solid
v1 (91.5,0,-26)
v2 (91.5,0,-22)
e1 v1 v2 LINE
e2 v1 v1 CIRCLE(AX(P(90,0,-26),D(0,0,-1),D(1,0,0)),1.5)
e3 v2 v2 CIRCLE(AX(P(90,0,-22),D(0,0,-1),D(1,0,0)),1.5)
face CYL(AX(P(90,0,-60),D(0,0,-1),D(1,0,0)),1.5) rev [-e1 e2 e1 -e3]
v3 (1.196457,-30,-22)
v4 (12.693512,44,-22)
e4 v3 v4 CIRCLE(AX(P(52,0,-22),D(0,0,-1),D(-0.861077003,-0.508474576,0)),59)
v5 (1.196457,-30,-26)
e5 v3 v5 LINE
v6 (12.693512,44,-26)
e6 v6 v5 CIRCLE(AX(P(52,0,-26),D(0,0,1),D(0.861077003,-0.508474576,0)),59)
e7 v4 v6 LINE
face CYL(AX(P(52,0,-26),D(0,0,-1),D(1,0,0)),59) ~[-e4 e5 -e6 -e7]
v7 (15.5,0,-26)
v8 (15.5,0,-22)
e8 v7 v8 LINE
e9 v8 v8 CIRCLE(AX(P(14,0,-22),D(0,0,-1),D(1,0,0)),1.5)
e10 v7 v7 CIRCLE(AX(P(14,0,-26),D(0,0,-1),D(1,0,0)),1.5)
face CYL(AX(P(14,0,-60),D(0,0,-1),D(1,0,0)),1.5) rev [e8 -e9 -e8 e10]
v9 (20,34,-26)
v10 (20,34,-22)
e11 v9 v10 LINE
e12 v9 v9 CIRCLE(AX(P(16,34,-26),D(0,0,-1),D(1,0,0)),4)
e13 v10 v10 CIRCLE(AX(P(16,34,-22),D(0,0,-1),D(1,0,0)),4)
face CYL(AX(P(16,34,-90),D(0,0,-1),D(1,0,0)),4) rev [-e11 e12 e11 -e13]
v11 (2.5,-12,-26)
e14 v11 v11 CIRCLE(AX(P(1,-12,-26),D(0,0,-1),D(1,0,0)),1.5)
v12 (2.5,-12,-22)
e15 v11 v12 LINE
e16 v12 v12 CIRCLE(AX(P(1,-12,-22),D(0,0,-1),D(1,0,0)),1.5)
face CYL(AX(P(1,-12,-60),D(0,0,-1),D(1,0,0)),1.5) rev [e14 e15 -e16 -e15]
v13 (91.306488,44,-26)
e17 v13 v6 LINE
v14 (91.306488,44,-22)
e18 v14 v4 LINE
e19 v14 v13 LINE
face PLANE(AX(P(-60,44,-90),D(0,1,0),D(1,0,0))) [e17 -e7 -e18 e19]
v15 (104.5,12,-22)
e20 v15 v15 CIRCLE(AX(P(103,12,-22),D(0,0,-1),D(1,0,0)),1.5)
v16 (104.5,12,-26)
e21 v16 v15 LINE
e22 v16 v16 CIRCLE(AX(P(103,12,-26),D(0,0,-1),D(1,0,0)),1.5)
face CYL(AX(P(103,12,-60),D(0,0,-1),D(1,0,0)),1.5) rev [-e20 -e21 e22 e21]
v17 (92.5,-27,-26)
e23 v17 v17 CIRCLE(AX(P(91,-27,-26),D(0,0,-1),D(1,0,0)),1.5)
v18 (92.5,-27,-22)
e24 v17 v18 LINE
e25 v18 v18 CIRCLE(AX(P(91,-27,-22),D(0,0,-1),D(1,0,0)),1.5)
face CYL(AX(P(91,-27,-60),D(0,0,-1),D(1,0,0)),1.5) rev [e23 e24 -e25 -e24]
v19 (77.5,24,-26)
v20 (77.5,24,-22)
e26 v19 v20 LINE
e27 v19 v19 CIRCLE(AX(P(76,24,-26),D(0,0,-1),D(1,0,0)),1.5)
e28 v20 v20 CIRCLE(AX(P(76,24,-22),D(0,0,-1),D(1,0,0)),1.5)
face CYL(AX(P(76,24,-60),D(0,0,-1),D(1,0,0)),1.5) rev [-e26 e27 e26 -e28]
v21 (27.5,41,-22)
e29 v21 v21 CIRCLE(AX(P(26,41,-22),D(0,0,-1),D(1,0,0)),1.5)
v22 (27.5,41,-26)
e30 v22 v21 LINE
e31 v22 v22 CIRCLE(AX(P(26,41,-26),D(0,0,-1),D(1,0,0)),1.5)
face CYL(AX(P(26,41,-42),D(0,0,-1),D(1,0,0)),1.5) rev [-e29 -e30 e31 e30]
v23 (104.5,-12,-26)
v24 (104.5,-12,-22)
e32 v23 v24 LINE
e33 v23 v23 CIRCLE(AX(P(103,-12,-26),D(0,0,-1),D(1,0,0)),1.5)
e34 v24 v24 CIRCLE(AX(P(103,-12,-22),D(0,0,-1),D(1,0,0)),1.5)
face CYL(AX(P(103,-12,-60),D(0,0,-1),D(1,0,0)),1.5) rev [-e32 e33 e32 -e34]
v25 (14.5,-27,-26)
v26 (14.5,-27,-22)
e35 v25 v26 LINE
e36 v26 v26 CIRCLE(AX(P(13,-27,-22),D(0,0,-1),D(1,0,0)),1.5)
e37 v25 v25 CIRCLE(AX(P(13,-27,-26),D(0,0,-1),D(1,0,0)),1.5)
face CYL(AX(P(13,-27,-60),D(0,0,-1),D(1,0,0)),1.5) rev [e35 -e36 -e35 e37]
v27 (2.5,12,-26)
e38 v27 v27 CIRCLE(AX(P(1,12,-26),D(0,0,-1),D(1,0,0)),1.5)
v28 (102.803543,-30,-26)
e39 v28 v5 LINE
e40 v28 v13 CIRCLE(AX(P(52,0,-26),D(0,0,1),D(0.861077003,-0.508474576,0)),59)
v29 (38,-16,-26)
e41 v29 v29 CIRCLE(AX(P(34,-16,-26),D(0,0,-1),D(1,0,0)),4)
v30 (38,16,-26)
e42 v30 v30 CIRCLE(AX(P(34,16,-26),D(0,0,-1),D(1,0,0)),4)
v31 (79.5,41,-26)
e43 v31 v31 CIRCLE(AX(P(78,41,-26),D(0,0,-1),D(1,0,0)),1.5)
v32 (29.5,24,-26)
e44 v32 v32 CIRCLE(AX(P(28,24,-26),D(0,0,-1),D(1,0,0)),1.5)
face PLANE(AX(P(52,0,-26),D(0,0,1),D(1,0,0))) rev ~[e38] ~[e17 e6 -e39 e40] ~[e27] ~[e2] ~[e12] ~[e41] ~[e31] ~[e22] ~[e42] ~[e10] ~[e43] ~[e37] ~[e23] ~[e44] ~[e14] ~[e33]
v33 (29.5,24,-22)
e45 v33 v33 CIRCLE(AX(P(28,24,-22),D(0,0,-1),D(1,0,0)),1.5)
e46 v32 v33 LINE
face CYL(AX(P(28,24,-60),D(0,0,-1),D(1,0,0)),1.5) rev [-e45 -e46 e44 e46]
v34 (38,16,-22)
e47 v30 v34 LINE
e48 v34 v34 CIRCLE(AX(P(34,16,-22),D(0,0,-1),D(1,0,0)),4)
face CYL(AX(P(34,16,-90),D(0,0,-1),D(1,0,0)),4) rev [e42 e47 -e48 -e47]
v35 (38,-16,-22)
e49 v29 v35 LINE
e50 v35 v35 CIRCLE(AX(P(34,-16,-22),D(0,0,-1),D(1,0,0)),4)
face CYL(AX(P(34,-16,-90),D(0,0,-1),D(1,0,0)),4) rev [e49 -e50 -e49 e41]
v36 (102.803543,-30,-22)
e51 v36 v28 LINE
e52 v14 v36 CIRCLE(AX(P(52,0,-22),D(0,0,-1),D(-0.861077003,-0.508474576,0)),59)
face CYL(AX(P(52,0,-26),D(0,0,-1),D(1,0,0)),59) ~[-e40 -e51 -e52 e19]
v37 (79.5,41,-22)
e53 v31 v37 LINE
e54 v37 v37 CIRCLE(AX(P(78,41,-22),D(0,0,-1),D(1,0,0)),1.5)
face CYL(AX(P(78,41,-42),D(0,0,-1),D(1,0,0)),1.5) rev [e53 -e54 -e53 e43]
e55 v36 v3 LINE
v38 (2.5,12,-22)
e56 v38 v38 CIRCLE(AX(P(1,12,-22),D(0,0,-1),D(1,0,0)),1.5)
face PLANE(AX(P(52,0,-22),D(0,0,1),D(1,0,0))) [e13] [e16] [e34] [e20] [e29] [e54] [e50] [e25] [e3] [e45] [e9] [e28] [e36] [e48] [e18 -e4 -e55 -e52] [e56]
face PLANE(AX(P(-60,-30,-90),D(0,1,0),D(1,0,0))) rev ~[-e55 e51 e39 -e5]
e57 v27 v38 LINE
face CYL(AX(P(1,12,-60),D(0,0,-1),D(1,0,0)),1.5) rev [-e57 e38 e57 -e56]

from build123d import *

# Parameters (mm, degrees)
CYLINDER1528_R     = 1.5
CYLINDER1528_DEPTH = 100
CYLINDER1527_R     = 1.5
CYLINDER1527_DEPTH = 100
CYLINDER1526_R     = 1.5
CYLINDER1526_DEPTH = 32
CYLINDER1525_R     = 1.5
CYLINDER1525_DEPTH = 32
BOX520_W           = 200
BOX520_H           = 100
BOX520_DEPTH       = 100
BOX519_W           = 200
BOX519_H           = 100
BOX519_DEPTH       = 100
CYLINDER1518_R     = 4
CYLINDER1518_DEPTH = 100
CYLINDER1519_R     = 4
CYLINDER1519_DEPTH = 100
CYLINDER1520_R     = 4
CYLINDER1520_DEPTH = 100
CYLINDER1521_R     = 4
CYLINDER1521_DEPTH = 100
CYLINDER1522_R     = 4
CYLINDER1522_DEPTH = 100
CYLINDER1523_R     = 4
CYLINDER1523_DEPTH = 100
CYLINDER1524_R     = 4
CYLINDER1524_DEPTH = 100
CYLINDER1517_R     = 4
CYLINDER1517_DEPTH = 100
CYLINDER1510_R     = 1.5
CYLINDER1510_DEPTH = 100
CYLINDER1511_R     = 1.5
CYLINDER1511_DEPTH = 100
CYLINDER1512_R     = 1.5
CYLINDER1512_DEPTH = 100
CYLINDER1513_R     = 1.5
CYLINDER1513_DEPTH = 100
CYLINDER1514_R     = 1.5
CYLINDER1514_DEPTH = 100
CYLINDER1515_R     = 1.5
CYLINDER1515_DEPTH = 100
CYLINDER1516_R     = 1.5
CYLINDER1516_DEPTH = 100
CYLINDER1509_R     = 1.5
CYLINDER1509_DEPTH = 100
CYLINDER1508_R     = 59
CYLINDER1508_DEPTH = 4


with BuildPart() as v_lec1528:
    # Cylinder1528 → Cylinder1528 (new body)
    with BuildSketch(Plane(origin=(14, 0, -60), x_dir=(1, 0, 0), z_dir=(0, 0, 1))):
        Circle(CYLINDER1528_R)
    extrude(amount=CYLINDER1528_DEPTH)


with BuildPart() as srouby_troj010:
    # Cylinder1527 → Cylinder1527 (new body)
    with BuildSketch(Plane(origin=(90, 0, -60), x_dir=(1, 0, 0), z_dir=(0, 0, 1))):
        Circle(CYLINDER1527_R)
    extrude(amount=CYLINDER1527_DEPTH)

    # Compound900: union Válec1528
    add(v_lec1528.part)


with BuildPart() as v_lec1526:
    # Cylinder1526 → Cylinder1526 (new body)
    with BuildSketch(Plane(origin=(78, 41, -42), x_dir=(1, 0, 0), z_dir=(0, 0, 1))):
        Circle(CYLINDER1526_R)
    extrude(amount=CYLINDER1526_DEPTH)


with BuildPart() as compound899:
    # Cylinder1525 → Cylinder1525 (new body)
    with BuildSketch(Plane(origin=(26, 41, -42), x_dir=(1, 0, 0), z_dir=(0, 0, 1))):
        Circle(CYLINDER1525_R)
    extrude(amount=CYLINDER1525_DEPTH)

    # Compound899: union Válec1526
    add(v_lec1526.part)


with BuildPart() as krychle520:
    # Box520 → Box520 (new body)
    with BuildSketch(Plane(origin=(-60, 44, -90), x_dir=(1, 0, 0), z_dir=(0, 0, 1))):
        with Locations((100, 50)):
            Rectangle(BOX520_W, BOX520_H)
    extrude(amount=BOX520_DEPTH)


with BuildPart() as krychle519:
    # Box519 → Box519 (new body)
    with BuildSketch(Plane(origin=(-60, -130, -90), x_dir=(1, 0, 0), z_dir=(0, 0, 1))):
        with Locations((100, 50)):
            Rectangle(BOX519_W, BOX519_H)
    extrude(amount=BOX519_DEPTH)


with BuildPart() as v_lec1518:
    # Cylinder1518 → Cylinder1518 (new body)
    with BuildSketch(Plane(origin=(-16, 34, -90), x_dir=(1, 0, 0), z_dir=(0, 0, 1))):
        Circle(CYLINDER1518_R)
    extrude(amount=CYLINDER1518_DEPTH)


with BuildPart() as v_lec1519:
    # Cylinder1519 → Cylinder1519 (new body)
    with BuildSketch(Plane(origin=(-16, -34, -90), x_dir=(1, 0, 0), z_dir=(0, 0, 1))):
        Circle(CYLINDER1519_R)
    extrude(amount=CYLINDER1519_DEPTH)


with BuildPart() as v_lec1520:
    # Cylinder1520 → Cylinder1520 (new body)
    with BuildSketch(Plane(origin=(34, -16, -90), x_dir=(1, 0, 0), z_dir=(0, 0, 1))):
        Circle(CYLINDER1520_R)
    extrude(amount=CYLINDER1520_DEPTH)


with BuildPart() as v_lec1521:
    # Cylinder1521 → Cylinder1521 (new body)
    with BuildSketch(Plane(origin=(16, 34, -90), x_dir=(1, 0, 0), z_dir=(0, 0, 1))):
        Circle(CYLINDER1521_R)
    extrude(amount=CYLINDER1521_DEPTH)


with BuildPart() as v_lec1522:
    # Cylinder1522 → Cylinder1522 (new body)
    with BuildSketch(Plane(origin=(16, -34, -90), x_dir=(1, 0, 0), z_dir=(0, 0, 1))):
        Circle(CYLINDER1522_R)
    extrude(amount=CYLINDER1522_DEPTH)


with BuildPart() as v_lec1523:
    # Cylinder1523 → Cylinder1523 (new body)
    with BuildSketch(Plane(origin=(-34, 16, -90), x_dir=(1, 0, 0), z_dir=(0, 0, 1))):
        Circle(CYLINDER1523_R)
    extrude(amount=CYLINDER1523_DEPTH)


with BuildPart() as v_lec1524:
    # Cylinder1524 → Cylinder1524 (new body)
    with BuildSketch(Plane(origin=(34, 16, -90), x_dir=(1, 0, 0), z_dir=(0, 0, 1))):
        Circle(CYLINDER1524_R)
    extrude(amount=CYLINDER1524_DEPTH)


with BuildPart() as sbouby_baze_silne005:
    # Cylinder1517 → Cylinder1517 (new body)
    with BuildSketch(Plane(origin=(-34, -16, -90), x_dir=(1, 0, 0), z_dir=(0, 0, 1))):
        Circle(CYLINDER1517_R)
    extrude(amount=CYLINDER1517_DEPTH)

    # Compound898: union Válec1518, Válec1519, Válec1520, Válec1521, Válec1522, Válec1523, Válec1524
    add(v_lec1518.part)
    add(v_lec1519.part)
    add(v_lec1520.part)
    add(v_lec1521.part)
    add(v_lec1522.part)
    add(v_lec1523.part)
    add(v_lec1524.part)


with BuildPart() as v_lec1510:
    # Cylinder1510 → Cylinder1510 (new body)
    with BuildSketch(Plane(origin=(103, 12, -60), x_dir=(1, 0, 0), z_dir=(0, 0, 1))):
        Circle(CYLINDER1510_R)
    extrude(amount=CYLINDER1510_DEPTH)


with BuildPart() as v_lec1511:
    # Cylinder1511 → Cylinder1511 (new body)
    with BuildSketch(Plane(origin=(76, 24, -60), x_dir=(1, 0, 0), z_dir=(0, 0, 1))):
        Circle(CYLINDER1511_R)
    extrude(amount=CYLINDER1511_DEPTH)


with BuildPart() as v_lec1512:
    # Cylinder1512 → Cylinder1512 (new body)
    with BuildSketch(Plane(origin=(91, -27, -60), x_dir=(1, 0, 0), z_dir=(0, 0, 1))):
        Circle(CYLINDER1512_R)
    extrude(amount=CYLINDER1512_DEPTH)


with BuildPart() as v_lec1513:
    # Cylinder1513 → Cylinder1513 (new body)
    with BuildSketch(Plane(origin=(13, -27, -60), x_dir=(1, 0, 0), z_dir=(0, 0, 1))):
        Circle(CYLINDER1513_R)
    extrude(amount=CYLINDER1513_DEPTH)


with BuildPart() as v_lec1514:
    # Cylinder1514 → Cylinder1514 (new body)
    with BuildSketch(Plane(origin=(28, 24, -60), x_dir=(1, 0, 0), z_dir=(0, 0, 1))):
        Circle(CYLINDER1514_R)
    extrude(amount=CYLINDER1514_DEPTH)


with BuildPart() as v_lec1515:
    # Cylinder1515 → Cylinder1515 (new body)
    with BuildSketch(Plane(origin=(1, -12, -60), x_dir=(1, 0, 0), z_dir=(0, 0, 1))):
        Circle(CYLINDER1515_R)
    extrude(amount=CYLINDER1515_DEPTH)


with BuildPart() as v_lec1516:
    # Cylinder1516 → Cylinder1516 (new body)
    with BuildSketch(Plane(origin=(1, 12, -60), x_dir=(1, 0, 0), z_dir=(0, 0, 1))):
        Circle(CYLINDER1516_R)
    extrude(amount=CYLINDER1516_DEPTH)


with BuildPart() as srouby_monoblok003:
    # Cylinder1509 → Cylinder1509 (new body)
    with BuildSketch(Plane(origin=(103, -12, -60), x_dir=(1, 0, 0), z_dir=(0, 0, 1))):
        Circle(CYLINDER1509_R)
    extrude(amount=CYLINDER1509_DEPTH)

    # Compound897: union Válec1510, Válec1511, Válec1512, Válec1513, Válec1514, Válec1515, Válec1516
    add(v_lec1510.part)
    add(v_lec1511.part)
    add(v_lec1512.part)
    add(v_lec1513.part)
    add(v_lec1514.part)
    add(v_lec1515.part)
    add(v_lec1516.part)


with BuildPart() as cut510:
    # Cylinder1508 → Cylinder1508 (new body)
    with BuildSketch(Plane(origin=(52, 0, -26), x_dir=(1, 0, 0), z_dir=(0, 0, 1))):
        Circle(CYLINDER1508_R)
    extrude(amount=CYLINDER1508_DEPTH)

    # Cut505: cut srouby_monoblok003
    add(srouby_monoblok003.part, mode=Mode.SUBTRACT)

    # Cut506: cut sbouby_baze_silne005
    add(sbouby_baze_silne005.part, mode=Mode.SUBTRACT)

    # Cut507: cut Krychle519
    add(krychle519.part, mode=Mode.SUBTRACT)

    # Cut508: cut Krychle520
    add(krychle520.part, mode=Mode.SUBTRACT)

    # Cut509: cut Compound899
    add(compound899.part, mode=Mode.SUBTRACT)

    # Cut510: cut srouby_troj010
    add(srouby_troj010.part, mode=Mode.SUBTRACT)


solid = cut510.part
